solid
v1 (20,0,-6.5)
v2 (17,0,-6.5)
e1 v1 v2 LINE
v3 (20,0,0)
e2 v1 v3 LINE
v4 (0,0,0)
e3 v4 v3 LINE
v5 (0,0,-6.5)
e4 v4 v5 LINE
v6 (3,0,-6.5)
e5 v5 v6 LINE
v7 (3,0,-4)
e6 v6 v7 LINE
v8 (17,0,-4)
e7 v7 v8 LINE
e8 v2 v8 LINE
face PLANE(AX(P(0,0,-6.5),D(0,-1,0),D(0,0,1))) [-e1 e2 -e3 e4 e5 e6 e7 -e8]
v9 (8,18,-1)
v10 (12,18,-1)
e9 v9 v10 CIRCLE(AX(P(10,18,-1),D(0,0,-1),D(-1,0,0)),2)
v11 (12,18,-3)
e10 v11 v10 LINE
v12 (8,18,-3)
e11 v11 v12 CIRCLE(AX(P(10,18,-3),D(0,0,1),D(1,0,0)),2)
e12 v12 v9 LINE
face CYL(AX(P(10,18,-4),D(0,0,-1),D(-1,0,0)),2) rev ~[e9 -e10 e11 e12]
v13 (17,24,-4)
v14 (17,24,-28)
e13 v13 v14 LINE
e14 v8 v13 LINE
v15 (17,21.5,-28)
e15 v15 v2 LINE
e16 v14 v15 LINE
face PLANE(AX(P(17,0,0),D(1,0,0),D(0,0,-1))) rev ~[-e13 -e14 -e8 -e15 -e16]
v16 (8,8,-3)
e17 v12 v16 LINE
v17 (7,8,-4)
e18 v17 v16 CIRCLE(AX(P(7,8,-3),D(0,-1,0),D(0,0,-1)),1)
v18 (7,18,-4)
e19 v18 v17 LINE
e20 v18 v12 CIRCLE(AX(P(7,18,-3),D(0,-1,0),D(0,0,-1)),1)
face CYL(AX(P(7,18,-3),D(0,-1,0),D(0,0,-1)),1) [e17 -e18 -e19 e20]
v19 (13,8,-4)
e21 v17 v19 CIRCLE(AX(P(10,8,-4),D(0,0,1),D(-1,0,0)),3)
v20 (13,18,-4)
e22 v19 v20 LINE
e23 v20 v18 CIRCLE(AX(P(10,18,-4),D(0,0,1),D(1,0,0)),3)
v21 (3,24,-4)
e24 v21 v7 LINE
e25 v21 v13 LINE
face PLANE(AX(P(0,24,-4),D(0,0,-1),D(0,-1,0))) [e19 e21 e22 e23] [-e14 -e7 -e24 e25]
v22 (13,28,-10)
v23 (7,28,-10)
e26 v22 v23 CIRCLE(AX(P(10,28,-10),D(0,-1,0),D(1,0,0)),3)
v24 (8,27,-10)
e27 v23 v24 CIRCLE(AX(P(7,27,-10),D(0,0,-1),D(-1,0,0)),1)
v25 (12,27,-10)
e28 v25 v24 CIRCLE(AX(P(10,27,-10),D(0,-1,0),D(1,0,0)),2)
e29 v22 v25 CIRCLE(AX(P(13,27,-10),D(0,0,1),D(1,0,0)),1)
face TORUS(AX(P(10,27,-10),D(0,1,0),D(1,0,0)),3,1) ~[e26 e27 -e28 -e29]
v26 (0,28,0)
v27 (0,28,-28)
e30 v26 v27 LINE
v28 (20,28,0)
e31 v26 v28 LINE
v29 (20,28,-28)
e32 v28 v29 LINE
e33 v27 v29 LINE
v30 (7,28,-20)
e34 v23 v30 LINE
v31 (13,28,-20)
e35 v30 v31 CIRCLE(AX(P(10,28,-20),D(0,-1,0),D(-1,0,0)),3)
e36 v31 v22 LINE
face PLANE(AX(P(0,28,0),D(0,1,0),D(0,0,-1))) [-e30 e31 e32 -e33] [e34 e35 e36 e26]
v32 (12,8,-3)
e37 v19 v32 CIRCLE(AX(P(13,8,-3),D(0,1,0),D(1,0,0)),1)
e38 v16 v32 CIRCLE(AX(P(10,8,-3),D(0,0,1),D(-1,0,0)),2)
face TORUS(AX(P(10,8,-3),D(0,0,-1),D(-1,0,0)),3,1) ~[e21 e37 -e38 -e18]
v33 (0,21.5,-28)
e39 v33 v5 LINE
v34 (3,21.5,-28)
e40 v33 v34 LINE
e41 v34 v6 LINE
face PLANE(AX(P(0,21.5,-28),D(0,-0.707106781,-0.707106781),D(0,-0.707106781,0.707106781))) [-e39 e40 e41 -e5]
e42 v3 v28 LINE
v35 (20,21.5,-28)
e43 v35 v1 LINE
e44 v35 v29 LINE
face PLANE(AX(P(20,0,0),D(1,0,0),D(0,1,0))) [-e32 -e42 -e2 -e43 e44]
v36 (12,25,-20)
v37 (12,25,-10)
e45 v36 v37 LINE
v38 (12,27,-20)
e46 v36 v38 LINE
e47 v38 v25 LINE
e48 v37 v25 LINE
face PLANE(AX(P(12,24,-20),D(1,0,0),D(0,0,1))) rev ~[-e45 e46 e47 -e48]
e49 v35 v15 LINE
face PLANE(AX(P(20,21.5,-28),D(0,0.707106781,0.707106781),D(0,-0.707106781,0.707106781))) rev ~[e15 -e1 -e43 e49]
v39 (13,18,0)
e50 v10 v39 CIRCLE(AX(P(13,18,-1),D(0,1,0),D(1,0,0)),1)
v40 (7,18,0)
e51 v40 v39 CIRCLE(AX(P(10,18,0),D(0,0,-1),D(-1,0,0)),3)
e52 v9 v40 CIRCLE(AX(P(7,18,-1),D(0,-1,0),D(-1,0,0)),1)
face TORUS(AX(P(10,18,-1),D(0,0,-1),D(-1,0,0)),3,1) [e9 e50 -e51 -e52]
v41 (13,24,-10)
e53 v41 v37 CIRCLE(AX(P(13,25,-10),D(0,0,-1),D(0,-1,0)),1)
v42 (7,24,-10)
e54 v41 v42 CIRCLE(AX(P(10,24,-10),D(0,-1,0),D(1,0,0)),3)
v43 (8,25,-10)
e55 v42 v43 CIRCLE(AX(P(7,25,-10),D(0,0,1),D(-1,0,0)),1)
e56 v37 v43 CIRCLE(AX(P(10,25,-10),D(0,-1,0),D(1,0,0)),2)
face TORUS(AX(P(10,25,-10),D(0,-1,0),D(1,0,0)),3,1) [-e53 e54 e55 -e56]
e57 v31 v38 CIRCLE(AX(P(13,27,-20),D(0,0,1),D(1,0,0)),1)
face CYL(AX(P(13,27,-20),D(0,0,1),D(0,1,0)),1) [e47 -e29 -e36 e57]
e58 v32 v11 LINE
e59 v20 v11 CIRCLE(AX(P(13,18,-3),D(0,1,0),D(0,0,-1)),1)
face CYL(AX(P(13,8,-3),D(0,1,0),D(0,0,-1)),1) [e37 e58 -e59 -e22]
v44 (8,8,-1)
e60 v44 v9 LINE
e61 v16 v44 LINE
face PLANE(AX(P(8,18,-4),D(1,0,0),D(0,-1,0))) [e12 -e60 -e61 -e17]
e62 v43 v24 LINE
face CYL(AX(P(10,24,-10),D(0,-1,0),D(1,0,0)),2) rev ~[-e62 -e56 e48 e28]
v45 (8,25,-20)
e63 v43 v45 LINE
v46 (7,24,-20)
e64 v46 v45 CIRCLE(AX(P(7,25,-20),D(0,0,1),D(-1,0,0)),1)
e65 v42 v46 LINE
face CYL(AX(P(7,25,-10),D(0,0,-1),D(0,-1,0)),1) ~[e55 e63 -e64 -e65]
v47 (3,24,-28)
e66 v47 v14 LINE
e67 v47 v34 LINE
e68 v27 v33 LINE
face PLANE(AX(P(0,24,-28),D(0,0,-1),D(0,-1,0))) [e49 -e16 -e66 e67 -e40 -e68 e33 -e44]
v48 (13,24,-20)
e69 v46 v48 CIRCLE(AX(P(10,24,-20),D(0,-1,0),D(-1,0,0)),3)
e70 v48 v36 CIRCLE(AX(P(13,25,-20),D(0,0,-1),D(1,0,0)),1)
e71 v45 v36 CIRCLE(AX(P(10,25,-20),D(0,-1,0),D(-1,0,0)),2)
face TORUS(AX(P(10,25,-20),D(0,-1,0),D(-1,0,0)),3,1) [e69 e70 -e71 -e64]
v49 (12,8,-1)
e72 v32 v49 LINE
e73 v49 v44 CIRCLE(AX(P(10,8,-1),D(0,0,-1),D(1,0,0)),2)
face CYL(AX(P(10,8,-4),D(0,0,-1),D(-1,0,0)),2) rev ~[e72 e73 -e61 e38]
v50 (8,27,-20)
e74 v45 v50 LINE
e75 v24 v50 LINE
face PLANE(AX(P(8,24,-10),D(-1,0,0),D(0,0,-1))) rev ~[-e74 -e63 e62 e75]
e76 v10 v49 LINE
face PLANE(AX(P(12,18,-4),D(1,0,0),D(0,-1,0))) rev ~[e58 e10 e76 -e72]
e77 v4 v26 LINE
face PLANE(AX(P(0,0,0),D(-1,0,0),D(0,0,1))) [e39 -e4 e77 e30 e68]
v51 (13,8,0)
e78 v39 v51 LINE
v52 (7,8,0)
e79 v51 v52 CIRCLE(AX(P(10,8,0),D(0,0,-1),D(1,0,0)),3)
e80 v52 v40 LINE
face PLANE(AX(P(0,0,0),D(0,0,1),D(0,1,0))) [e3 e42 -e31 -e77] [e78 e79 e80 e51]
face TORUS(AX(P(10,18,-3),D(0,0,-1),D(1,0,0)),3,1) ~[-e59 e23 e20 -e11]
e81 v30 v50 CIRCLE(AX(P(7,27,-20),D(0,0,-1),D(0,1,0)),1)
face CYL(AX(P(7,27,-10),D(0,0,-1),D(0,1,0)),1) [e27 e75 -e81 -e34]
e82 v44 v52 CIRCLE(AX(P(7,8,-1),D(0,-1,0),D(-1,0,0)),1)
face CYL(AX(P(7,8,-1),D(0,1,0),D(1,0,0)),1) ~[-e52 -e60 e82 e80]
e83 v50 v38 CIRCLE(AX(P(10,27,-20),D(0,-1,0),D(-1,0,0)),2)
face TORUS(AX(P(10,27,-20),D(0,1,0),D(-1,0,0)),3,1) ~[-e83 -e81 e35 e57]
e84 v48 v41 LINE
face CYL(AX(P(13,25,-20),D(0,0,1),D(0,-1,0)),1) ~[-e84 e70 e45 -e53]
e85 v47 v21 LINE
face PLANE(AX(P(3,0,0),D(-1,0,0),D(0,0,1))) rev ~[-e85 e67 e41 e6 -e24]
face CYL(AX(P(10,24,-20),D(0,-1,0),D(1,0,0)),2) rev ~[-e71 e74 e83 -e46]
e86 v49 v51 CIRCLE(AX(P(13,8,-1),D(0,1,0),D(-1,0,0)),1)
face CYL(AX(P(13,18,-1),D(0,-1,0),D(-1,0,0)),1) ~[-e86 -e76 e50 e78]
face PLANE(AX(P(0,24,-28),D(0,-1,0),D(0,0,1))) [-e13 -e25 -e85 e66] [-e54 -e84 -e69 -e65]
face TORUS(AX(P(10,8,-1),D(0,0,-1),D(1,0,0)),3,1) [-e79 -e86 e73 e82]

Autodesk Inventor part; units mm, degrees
ref_plane "YZ Plane" through (0, 0, 0) normal (1, 0, 0) x (0, 1, 0)
ref_plane "XZ Plane" through (0, 0, 0) normal (0, 1, 0) x (-1, 0, 0)
ref_plane "XY Plane" through (0, 0, 0) normal (0, 0, 1) x (1, 0, 0)
sketch "Boceto1" plane through (0, 0, 0) normal (1, 0, 0) x (0, 1, 0)
  line L0 (0, 0) -> (28, 0)
  line L1 (28, 0) -> (28, -28)
  line L2 (28, -28) -> (24, -28)
  line L3 (24, -28) -> (24, -4)
  line L4 (24, -4) -> (0, -4)
  line L5 (0, -4) -> (0, 0)
  dimension "d0" = 28
  dimension "d1" = 28
  dimension "d2" = 4
  dimension "d3" = 4
extrude "Extrusión1" add sketch "Boceto1" along normal blind 20
sketch "Boceto4" plane through (20, 0, 0) normal (1, 0, 0) x (0, 0, -1)
  line L0 (4, 24) -> (28, 24) projected
  line L1 (4, 0) -> (4, 24) projected
  line L2 (28, 24) -> (28, 28) projected
  line L3 (28, 24) -> (28, 21.5)
  line L4 (28, 21.5) -> (6.5, 0)
  line L5 (0, 0) -> (4, 0) projected
  line L6 (6.5, 0) -> (4, 0)
  dimension "d21" = 45
  dimension "d22" = 2.5
extrude "Extrusión4" add sketch "Boceto4" against normal blind 3
sketch "Boceto5" plane through (0, 0, 0) normal (-1, 0, 0) x (0, 0, 1)
  line L0 (-28, 24) -> (-28, 21.5) projected
  line L1 (-28, 21.5) -> (-6.5, 0) projected
  line L2 (-6.5, 0) -> (-4, 0) projected
  line L3 (-4, 24) -> (-4, 0) projected
  line L4 (-28, 24) -> (-4, 24) projected
  point P0 (0, 0)
extrude "Extrusión5" add sketch "Boceto5" against normal blind 3
sketch "Boceto6" plane through (17, 24, -28) normal (0, -1, 0) x (1, 0, 0)
  line L0 (-14, 24) -> (0, 24) projected
  line L1 (-14, 24) -> (0, 24) projected
  line L2 (-7, 24) -> (-7, 0) construction
  line L3 (-14, 0) -> (0, 0) projected
  circle A0 centre (-7, 18) radius 2
  circle A1 centre (-7, 8) radius 2
  line L4 (-17, 28) -> (3, 28) projected
  line L5 (-9, 18) -> (-9, 8)
  line L6 (-5, 8) -> (-5, 18)
  dimension "d27" = 10
  dimension "d28" = 4
  dimension "d29" = 4
  dimension "d30" = 10
extrude "Extrusión6" cut sketch "Boceto6" against normal through all
fillet "Empalme4" radius 1 8 edges at (10, 24, -22) (8, 24, -15) (10, 24, -8) (12, 24, -15) (10, 28, -8) (8, 28, -15) (10, 28, -22) (12, 28, -15)
sketch "Boceto7" plane through (17, 0, -4) normal (0, 0, -1) x (-1, 0, 0)
  circle A0 centre (7, 8) radius 2
  circle A1 centre (7, 18) radius 2
  line L0 (14, 0) -> (0, 0) projected
  line L1 (9, 18) -> (9, 8)
  line L2 (5, 18) -> (5, 8)
  line L3 (17, 0) -> (-3, 0) projected
  line L4 (7, 0) -> (7, 24) construction
  line L5 (14, 24) -> (0, 24) projected
  dimension "d34" = 4
  dimension "d35" = 4
  dimension "d36" = 10
  dimension "d37" = 8
extrude "Extrusión7" cut sketch "Boceto7" against normal through all
fillet "Empalme5" radius 1 8 edges at (8, 13, -4) (10, 6, -4) (12, 13, -4) (10, 20, -4) (10, 20, 0) (12, 13, 0) (10, 6, 0) (8, 13, 0)
properties part number "Angulo S" material "Aluminio 6061"
